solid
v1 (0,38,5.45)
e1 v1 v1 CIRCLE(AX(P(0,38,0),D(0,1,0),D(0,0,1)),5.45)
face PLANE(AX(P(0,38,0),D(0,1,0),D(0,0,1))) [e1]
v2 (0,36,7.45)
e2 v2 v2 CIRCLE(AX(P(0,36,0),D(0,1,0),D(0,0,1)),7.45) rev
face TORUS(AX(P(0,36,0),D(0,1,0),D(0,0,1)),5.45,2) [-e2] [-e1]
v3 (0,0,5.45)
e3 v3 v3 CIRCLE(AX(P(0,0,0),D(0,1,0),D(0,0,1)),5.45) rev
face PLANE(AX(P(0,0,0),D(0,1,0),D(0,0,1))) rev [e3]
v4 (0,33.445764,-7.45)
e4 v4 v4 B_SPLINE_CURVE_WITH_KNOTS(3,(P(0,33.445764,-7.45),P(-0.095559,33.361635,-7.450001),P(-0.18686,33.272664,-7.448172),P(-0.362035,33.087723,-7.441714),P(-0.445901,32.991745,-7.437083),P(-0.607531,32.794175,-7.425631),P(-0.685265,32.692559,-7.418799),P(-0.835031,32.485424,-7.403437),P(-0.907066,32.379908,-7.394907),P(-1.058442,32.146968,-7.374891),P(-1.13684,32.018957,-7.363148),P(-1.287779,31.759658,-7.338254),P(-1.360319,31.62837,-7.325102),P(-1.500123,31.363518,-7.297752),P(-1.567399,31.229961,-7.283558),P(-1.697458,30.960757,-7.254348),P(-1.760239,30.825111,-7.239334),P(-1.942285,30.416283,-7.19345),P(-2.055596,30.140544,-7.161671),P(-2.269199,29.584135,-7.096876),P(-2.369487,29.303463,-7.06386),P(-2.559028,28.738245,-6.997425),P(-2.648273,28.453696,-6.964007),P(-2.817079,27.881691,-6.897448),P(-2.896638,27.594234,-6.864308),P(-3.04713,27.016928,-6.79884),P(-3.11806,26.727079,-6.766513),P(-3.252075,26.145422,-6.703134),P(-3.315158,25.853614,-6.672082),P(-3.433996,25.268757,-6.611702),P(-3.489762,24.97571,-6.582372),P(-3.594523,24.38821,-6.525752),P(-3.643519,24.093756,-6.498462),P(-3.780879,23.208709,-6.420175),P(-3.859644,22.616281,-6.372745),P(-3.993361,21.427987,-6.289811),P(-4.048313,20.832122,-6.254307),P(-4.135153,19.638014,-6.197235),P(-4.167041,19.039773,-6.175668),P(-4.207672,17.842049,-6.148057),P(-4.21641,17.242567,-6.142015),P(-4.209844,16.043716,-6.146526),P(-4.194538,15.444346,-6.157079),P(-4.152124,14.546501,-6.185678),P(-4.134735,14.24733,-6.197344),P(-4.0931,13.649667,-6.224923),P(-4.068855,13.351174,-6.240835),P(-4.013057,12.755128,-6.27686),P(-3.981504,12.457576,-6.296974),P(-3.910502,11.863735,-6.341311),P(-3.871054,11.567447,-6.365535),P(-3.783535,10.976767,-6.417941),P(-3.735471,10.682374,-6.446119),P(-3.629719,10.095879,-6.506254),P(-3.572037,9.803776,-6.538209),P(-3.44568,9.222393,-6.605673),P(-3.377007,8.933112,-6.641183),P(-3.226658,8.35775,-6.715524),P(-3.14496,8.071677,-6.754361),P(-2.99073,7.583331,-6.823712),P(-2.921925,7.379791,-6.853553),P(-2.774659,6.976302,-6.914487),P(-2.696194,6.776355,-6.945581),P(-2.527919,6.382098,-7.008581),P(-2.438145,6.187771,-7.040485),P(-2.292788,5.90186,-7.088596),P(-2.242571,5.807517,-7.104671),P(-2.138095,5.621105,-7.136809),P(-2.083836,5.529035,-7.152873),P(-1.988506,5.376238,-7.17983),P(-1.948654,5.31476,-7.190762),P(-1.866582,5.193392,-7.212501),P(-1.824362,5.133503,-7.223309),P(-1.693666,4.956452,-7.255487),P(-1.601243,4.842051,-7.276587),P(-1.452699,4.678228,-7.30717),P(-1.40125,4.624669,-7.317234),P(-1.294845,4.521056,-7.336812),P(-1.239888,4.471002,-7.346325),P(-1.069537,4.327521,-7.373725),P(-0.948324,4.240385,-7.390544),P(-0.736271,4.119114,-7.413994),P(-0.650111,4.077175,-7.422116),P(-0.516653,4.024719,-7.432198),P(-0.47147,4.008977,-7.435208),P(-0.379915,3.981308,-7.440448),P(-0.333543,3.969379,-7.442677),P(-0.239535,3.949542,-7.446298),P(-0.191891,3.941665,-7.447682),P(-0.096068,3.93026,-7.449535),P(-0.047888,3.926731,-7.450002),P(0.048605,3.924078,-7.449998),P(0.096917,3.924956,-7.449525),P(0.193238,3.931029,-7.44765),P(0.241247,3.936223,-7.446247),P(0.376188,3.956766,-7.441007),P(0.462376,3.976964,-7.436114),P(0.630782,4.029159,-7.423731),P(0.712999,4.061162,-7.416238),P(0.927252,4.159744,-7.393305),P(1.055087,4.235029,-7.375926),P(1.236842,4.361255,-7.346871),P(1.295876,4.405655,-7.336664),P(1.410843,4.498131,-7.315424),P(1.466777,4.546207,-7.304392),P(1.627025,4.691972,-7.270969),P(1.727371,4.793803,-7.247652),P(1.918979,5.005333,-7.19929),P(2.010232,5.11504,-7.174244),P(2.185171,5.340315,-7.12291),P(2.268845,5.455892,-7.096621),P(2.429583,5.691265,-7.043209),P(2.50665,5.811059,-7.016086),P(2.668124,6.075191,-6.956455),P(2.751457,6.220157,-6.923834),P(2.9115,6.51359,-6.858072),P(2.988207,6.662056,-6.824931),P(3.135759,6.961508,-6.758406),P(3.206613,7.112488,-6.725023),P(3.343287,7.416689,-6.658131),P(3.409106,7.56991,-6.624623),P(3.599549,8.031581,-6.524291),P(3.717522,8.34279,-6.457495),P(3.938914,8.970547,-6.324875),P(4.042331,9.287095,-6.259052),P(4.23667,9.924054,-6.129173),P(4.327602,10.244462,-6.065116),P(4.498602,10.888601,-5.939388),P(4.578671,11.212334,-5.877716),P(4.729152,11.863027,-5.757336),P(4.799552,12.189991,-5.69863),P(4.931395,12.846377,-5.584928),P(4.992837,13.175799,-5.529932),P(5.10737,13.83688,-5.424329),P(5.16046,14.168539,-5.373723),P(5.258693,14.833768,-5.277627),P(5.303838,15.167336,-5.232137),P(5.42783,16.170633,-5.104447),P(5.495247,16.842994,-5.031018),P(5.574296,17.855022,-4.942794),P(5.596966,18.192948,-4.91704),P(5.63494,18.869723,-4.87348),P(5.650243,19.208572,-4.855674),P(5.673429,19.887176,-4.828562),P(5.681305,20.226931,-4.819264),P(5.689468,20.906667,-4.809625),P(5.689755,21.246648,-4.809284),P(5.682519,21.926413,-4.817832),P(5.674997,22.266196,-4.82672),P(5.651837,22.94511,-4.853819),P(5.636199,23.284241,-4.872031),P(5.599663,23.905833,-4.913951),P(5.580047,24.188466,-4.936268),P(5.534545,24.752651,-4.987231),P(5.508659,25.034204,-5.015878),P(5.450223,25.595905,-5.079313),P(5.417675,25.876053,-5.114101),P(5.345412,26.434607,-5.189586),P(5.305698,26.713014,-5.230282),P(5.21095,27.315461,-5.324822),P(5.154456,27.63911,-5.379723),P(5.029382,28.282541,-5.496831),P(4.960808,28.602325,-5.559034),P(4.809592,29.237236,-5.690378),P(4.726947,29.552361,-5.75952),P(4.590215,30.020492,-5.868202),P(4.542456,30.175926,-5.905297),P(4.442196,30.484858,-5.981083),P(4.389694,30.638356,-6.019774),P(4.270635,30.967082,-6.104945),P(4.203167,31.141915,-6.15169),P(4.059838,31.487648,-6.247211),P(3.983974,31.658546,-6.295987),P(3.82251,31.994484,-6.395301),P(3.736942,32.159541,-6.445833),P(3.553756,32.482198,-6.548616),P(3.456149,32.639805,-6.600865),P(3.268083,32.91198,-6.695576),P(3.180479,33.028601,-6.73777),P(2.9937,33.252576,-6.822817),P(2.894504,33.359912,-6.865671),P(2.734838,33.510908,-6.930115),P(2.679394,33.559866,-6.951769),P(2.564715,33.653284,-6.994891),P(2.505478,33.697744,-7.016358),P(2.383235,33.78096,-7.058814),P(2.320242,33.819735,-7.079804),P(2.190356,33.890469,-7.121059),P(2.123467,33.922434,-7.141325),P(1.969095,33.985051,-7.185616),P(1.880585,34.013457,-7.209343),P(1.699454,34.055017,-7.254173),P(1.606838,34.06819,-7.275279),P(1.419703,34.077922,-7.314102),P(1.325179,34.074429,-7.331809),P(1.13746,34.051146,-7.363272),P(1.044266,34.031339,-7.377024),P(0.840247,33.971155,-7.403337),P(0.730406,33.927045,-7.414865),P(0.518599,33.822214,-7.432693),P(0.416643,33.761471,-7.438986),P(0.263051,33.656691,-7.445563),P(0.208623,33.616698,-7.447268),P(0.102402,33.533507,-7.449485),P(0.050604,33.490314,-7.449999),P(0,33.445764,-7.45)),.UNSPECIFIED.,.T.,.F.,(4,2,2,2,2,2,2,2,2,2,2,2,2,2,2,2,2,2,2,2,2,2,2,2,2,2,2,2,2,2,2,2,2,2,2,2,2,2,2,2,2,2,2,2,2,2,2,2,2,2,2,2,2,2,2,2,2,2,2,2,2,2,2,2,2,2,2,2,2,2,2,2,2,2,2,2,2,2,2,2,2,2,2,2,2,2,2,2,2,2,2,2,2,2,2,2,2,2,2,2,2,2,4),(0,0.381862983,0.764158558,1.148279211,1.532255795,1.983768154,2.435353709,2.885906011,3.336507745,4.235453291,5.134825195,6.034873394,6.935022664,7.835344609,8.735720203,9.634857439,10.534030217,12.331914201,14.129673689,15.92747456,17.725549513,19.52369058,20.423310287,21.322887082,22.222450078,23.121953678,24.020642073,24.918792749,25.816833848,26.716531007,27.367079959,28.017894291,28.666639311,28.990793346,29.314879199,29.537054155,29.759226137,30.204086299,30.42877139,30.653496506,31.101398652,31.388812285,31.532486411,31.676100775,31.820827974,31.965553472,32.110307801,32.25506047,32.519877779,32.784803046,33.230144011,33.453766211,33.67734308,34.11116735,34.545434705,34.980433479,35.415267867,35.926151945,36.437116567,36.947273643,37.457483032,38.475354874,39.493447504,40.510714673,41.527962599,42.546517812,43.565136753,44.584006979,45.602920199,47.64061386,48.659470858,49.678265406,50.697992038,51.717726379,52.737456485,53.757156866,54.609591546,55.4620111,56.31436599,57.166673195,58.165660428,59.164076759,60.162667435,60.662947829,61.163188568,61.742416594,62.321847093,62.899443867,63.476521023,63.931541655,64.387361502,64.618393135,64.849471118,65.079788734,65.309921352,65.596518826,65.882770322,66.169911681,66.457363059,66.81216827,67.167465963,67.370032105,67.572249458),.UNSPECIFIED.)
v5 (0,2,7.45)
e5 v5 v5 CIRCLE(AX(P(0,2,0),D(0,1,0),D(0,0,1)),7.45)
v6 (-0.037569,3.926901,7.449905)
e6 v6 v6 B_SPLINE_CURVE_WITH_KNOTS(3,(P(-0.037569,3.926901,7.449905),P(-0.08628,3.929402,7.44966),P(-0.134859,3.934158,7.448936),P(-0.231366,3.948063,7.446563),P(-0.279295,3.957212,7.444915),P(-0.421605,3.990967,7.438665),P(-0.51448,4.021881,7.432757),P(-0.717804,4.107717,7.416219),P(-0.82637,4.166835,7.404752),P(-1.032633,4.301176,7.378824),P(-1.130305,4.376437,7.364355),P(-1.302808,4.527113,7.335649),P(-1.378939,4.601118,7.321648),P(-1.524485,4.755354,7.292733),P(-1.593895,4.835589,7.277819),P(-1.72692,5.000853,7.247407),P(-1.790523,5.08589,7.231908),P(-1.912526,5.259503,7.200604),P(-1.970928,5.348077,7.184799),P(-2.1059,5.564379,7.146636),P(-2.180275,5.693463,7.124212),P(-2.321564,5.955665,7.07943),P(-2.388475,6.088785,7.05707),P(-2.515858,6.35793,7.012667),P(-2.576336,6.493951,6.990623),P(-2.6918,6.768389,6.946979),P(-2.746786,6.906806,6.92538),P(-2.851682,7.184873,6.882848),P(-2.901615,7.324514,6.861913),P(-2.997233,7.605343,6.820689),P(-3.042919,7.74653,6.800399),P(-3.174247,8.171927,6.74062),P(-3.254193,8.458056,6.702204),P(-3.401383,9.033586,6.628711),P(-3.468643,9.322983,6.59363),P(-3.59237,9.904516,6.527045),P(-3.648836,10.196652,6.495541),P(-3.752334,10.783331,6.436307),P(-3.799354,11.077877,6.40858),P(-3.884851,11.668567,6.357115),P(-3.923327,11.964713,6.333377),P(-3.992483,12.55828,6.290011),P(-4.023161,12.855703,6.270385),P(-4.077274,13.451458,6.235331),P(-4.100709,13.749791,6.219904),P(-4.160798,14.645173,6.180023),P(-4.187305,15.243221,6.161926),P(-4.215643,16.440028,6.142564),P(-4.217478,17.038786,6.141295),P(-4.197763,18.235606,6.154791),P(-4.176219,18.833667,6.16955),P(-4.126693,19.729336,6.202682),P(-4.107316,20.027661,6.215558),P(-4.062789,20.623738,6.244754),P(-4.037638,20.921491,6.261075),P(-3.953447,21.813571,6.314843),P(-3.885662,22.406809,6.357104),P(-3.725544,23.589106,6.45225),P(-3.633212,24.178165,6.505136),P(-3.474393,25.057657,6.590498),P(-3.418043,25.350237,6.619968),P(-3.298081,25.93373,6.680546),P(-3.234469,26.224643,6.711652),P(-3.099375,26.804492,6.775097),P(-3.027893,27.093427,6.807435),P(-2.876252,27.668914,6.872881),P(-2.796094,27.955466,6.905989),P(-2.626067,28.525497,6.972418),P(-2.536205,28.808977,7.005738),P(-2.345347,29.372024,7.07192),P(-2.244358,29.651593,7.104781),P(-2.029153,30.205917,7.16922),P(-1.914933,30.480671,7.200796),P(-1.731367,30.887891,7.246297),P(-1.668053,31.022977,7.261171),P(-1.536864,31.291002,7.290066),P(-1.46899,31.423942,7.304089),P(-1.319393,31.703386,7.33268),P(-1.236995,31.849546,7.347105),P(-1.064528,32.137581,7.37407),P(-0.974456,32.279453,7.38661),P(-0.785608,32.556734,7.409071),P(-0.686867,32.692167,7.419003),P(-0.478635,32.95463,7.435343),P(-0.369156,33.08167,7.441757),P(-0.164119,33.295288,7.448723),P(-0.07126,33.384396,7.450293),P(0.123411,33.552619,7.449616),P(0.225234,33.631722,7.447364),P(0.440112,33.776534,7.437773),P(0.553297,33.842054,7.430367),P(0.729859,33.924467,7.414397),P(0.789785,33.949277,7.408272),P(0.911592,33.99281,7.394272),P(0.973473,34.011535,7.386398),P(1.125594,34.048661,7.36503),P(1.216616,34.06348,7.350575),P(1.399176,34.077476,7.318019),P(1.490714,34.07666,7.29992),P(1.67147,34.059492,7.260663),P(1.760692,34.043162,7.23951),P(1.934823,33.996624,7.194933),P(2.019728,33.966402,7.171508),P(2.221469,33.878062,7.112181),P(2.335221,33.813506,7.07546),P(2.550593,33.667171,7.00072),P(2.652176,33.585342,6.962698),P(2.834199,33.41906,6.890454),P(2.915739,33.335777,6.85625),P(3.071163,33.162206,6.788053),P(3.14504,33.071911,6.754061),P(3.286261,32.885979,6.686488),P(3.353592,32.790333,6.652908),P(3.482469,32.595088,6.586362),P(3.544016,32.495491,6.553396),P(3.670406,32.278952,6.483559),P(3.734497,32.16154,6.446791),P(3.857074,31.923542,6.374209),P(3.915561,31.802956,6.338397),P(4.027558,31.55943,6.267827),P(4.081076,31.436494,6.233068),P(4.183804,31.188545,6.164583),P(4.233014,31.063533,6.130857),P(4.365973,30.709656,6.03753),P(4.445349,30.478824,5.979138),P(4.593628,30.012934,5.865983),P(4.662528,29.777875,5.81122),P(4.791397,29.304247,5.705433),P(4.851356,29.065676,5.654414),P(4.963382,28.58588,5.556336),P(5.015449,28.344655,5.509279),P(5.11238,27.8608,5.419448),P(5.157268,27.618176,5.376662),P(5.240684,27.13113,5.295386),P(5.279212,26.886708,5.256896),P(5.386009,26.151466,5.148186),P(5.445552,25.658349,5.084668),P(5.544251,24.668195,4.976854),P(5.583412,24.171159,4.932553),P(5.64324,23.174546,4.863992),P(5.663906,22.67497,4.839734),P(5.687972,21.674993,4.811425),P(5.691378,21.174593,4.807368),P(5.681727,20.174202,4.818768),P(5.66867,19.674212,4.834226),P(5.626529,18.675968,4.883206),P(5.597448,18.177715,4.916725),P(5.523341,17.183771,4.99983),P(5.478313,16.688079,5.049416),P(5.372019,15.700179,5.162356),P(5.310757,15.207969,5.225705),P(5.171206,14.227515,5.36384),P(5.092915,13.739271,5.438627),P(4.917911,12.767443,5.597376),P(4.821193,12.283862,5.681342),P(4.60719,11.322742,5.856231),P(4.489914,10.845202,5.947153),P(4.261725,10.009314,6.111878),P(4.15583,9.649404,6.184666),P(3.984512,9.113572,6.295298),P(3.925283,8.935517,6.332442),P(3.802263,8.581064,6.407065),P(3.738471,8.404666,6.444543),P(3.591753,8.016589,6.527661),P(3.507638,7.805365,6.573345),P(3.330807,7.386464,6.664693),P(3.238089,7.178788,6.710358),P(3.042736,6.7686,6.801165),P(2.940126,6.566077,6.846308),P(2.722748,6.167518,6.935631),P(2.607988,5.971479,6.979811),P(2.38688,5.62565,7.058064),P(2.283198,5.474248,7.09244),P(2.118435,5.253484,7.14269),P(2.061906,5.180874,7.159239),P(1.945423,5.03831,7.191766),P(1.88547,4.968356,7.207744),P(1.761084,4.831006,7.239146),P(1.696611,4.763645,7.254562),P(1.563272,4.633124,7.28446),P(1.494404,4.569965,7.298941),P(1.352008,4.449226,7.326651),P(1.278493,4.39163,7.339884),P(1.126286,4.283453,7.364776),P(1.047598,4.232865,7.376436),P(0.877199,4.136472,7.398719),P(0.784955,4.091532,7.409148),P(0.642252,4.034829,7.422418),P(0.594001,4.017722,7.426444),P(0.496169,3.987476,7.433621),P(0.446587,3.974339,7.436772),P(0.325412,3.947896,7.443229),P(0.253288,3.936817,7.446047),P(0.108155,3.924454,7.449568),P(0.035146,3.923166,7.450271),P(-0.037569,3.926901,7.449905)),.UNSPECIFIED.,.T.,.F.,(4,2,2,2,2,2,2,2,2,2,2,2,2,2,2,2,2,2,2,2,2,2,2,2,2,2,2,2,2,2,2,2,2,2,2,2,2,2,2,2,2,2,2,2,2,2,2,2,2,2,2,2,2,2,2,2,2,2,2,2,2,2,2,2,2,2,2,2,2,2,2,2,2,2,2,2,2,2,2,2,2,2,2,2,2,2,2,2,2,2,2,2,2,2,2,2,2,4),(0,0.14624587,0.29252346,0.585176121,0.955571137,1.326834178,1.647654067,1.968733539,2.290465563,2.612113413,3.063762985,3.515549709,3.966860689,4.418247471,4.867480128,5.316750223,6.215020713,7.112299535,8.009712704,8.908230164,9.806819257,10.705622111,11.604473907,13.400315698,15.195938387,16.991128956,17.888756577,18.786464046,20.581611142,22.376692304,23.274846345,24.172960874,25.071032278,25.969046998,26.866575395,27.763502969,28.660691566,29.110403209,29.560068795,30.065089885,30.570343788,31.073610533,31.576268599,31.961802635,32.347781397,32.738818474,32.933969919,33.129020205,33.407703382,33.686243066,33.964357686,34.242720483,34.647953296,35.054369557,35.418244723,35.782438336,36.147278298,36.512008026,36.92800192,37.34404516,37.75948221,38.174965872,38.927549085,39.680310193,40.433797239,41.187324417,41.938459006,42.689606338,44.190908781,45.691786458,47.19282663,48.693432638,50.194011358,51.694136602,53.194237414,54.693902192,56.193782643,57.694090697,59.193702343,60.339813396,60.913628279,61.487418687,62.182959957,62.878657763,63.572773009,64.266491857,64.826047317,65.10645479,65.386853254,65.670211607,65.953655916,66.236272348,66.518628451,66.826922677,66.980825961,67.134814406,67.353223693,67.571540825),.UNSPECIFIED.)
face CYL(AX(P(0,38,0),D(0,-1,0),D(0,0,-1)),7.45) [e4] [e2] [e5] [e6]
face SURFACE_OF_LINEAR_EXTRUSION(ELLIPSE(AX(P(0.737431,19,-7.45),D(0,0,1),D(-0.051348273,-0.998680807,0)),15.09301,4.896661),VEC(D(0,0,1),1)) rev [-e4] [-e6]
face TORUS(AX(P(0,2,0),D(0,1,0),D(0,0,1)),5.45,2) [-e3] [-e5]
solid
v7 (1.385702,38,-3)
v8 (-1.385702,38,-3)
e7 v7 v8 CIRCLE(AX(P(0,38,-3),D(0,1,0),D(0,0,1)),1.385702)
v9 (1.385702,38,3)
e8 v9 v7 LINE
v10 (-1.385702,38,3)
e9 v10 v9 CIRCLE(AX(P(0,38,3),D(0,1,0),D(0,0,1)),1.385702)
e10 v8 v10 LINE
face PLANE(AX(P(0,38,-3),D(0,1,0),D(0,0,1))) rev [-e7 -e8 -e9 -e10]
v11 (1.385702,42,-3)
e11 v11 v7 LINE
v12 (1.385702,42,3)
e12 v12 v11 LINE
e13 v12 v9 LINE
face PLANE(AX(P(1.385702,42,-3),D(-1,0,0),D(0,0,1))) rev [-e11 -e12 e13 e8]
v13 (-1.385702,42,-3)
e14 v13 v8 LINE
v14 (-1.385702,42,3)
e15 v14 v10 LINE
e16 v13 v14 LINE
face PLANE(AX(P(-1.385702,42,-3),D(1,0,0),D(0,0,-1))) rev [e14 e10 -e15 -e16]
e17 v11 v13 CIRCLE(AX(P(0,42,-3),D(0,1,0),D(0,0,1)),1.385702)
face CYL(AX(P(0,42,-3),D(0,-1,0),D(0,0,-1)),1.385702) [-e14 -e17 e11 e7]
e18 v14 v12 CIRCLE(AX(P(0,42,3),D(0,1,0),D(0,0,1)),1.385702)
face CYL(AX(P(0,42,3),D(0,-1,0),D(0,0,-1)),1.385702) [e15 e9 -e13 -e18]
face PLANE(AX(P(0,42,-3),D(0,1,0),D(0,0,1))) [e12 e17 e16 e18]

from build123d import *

# Parameters (mm, degrees)
SKETCH_1_R               = 7.45
EXTRUDE_1_DEPTH          = 38
FILLET_1_R               = 2
CUT_EXTRUDE_1_DEPTH      = 40.433551723
CUT_EXTRUDE_1_DEPTH_BACK = 40.433551723
SKETCH_2_RX              = 15.093010042
SKETCH_2_RY              = 4.896660512
EXTRUDE_1_2_DEPTH        = 4


with BuildPart() as part:
    # Эскиз1 → Extrude 1 (new body)
    with BuildSketch(Plane(origin=(0, 0, 0), x_dir=(1, 0, 0), z_dir=(0, 1, 0))):
        with Locations(Location((0, 0, 0), (0, 0, 270))):
            Circle(SKETCH_1_R)
    extrude(amount=EXTRUDE_1_DEPTH)

    # Скругление1
    fillet_1_edges = [part.edges().sort_by_distance(p)[0] for p in [
        (0, 0, -7.45),
        (0, 38, -7.45),
    ]]
    fillet(fillet_1_edges, radius=FILLET_1_R)

    # Эскиз2 → Вырез-Вытянуть1 (cut, two sides: drawn at the far end of the back side and taken through both)
    with BuildSketch(Plane.XY.offset(-CUT_EXTRUDE_1_DEPTH_BACK)):
        with Locations(Location((0.737430759, 19), (0, 0, -92.943333717))):
            Ellipse(SKETCH_2_RX, SKETCH_2_RY)
    extrude(amount=CUT_EXTRUDE_1_DEPTH + CUT_EXTRUDE_1_DEPTH_BACK, mode=Mode.SUBTRACT)


with BuildPart() as body_2:
    # Эскиз3 → Extrude 1 2 (new body)
    with BuildSketch(Plane(origin=(0, 38, 0), x_dir=(1, 0, 0), z_dir=(0, 1, 0))):
        with BuildLine():
            Line((1.385702183, 3), (1.385702183, -3))
            ThreePointArc((1.385702183, -3), (0, -4.385702183), (-1.385702183, -3))
            Line((-1.385702183, -3), (-1.385702183, 3))
            ThreePointArc((-1.385702183, 3), (0, 4.385702183), (1.385702183, 3))
        make_face()
    extrude(amount=EXTRUDE_1_2_DEPTH)


solid = Compound([part.part, body_2.part])
